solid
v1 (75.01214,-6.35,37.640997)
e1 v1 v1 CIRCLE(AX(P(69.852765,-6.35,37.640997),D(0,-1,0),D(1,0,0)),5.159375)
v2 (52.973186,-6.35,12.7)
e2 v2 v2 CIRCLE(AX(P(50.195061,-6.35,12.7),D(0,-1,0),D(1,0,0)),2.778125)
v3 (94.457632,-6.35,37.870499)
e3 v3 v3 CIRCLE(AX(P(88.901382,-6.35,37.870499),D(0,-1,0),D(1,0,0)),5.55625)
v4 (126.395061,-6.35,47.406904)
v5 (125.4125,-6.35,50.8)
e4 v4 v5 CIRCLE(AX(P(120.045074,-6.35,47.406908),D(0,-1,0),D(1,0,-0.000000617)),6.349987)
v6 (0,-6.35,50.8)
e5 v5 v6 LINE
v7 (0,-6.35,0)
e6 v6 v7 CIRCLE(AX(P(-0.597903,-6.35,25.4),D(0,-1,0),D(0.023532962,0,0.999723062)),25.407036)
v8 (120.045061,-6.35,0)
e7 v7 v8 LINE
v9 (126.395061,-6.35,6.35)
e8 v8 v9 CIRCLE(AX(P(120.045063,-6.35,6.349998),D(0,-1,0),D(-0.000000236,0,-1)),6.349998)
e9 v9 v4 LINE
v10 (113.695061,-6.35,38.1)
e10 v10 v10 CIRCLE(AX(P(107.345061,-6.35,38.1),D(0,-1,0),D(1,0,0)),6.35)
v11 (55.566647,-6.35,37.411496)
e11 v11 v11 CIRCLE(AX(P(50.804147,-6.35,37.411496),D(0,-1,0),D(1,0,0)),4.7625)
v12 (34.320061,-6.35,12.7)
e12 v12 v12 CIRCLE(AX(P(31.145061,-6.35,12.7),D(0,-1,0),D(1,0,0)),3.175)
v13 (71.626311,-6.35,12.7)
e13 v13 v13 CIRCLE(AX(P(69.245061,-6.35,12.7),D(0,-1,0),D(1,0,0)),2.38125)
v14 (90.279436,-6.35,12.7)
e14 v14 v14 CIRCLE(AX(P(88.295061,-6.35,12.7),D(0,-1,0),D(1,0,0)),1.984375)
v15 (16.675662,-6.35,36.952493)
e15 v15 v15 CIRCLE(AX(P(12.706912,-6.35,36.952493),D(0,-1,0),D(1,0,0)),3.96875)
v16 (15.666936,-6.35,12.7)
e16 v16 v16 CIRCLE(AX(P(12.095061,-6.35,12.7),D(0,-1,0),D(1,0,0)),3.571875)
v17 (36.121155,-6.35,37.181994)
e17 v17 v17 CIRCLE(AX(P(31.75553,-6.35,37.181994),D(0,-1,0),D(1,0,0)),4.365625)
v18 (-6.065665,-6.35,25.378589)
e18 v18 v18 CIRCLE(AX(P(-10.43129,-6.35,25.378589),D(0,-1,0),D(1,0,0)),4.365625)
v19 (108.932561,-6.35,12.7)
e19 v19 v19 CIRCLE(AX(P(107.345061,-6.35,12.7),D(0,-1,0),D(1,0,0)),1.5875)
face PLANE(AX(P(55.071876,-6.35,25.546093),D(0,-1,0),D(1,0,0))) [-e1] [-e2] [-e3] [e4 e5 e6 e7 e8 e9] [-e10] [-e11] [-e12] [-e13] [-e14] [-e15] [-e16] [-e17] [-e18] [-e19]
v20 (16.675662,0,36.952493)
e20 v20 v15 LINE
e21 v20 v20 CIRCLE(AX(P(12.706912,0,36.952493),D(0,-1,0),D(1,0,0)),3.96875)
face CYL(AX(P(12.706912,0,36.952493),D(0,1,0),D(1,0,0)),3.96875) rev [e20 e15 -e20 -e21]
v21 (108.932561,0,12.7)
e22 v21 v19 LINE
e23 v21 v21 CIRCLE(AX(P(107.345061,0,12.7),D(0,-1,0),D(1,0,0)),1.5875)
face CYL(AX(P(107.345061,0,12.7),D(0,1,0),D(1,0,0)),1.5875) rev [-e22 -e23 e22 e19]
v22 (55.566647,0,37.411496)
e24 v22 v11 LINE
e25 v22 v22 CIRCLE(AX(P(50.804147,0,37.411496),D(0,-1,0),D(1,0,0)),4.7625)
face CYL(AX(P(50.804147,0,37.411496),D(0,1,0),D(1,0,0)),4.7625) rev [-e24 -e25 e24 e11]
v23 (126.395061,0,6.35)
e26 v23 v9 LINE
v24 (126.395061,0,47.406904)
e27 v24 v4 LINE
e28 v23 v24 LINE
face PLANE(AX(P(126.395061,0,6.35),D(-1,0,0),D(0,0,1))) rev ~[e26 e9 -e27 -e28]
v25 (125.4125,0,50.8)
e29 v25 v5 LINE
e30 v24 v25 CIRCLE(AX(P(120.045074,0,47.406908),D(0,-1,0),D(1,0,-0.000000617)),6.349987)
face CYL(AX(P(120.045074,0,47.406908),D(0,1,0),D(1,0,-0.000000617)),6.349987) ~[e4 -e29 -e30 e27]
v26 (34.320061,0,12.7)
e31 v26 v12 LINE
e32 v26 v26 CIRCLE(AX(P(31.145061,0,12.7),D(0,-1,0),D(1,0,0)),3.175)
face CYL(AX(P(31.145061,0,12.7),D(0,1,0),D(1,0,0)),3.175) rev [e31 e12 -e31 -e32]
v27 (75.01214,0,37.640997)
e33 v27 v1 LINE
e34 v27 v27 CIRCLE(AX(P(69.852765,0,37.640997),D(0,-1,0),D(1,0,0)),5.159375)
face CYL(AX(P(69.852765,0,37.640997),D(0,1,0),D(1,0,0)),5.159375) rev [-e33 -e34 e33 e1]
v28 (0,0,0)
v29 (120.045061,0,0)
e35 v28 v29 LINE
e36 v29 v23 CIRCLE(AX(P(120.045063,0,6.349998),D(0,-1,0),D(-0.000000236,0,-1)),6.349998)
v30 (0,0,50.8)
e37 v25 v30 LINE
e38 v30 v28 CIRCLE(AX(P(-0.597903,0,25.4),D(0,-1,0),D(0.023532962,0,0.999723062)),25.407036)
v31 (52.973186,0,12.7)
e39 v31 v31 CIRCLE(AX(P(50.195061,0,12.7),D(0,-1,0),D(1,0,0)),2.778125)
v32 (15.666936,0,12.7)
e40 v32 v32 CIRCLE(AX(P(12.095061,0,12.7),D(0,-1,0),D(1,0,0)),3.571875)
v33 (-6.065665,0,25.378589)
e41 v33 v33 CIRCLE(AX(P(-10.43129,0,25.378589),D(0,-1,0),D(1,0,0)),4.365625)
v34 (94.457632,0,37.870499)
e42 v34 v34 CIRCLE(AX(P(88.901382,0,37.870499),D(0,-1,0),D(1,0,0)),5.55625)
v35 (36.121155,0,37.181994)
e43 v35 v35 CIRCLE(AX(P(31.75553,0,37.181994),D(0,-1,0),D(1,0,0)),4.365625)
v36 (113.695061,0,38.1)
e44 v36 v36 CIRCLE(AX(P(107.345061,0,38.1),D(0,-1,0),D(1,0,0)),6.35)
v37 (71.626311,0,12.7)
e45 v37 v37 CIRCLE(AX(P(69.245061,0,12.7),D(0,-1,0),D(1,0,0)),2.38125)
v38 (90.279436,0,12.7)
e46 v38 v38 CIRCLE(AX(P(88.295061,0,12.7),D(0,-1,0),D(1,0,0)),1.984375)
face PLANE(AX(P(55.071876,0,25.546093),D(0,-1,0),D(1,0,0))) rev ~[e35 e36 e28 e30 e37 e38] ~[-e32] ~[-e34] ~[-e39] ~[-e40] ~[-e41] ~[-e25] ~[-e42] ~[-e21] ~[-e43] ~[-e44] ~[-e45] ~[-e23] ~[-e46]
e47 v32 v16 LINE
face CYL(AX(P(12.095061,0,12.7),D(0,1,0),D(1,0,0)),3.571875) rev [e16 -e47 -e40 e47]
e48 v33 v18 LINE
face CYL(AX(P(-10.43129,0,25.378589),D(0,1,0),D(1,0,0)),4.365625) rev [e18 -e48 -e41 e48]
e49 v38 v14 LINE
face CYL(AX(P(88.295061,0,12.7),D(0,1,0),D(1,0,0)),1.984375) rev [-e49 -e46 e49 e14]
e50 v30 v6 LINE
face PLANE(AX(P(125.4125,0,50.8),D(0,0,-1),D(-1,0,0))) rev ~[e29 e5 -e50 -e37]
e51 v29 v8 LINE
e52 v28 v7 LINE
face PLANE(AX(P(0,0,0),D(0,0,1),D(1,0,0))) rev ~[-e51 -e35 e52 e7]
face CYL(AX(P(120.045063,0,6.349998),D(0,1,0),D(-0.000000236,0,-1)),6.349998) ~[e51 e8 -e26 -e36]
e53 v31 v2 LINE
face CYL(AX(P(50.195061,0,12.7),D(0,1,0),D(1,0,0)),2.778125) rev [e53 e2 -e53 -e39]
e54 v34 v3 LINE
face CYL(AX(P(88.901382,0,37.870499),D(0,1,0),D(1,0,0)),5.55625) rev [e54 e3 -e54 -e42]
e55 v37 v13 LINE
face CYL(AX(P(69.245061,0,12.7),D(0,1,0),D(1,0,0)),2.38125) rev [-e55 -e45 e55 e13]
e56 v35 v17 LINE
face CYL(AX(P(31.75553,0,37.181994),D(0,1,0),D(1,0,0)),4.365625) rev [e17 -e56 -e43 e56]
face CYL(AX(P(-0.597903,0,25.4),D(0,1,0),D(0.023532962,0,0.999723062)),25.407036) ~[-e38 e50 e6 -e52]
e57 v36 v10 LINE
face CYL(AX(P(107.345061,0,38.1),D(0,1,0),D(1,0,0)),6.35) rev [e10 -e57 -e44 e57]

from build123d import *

# Parameters (mm, degrees)
F0_R     = 4.365625
F0_R_2   = 3.571875
F0_R_3   = 3.175
F0_R_4   = 2.778125
F0_R_5   = 2.38125
F0_R_6   = 1.984375
F0_R_7   = 1.5875
F0_R_8   = 3.96875
F0_R_9   = 4.7625
F0_R_10  = 5.159375
F0_R_11  = 5.55625
F0_R_12  = 6.35
F1_DEPTH = 6.35


with BuildPart() as f1:
    # F0 (on Front) → F1 (new body)
    with BuildSketch(Plane.XZ):
        with BuildLine():
            ThreePointArc((0, 50.8), (-26.004939, 25.4), (0, 0))
            Line((0, 0), (120.045061, 0))
            ThreePointArc((120.045061, 0), (124.53519, 1.859872), (126.395061, 6.35))
            Line((126.395061, 6.35), (126.395061, 47.406904))
            ThreePointArc((126.395061, 47.406904), (126.144477, 49.173152), (125.4125, 50.8))
            Line((125.4125, 50.8), (0, 50.8))
        make_face()
        with Locations((-10.43129, 25.378589)):
            Circle(F0_R, mode=Mode.SUBTRACT)
        with Locations((12.095061, 12.7)):
            Circle(F0_R_2, mode=Mode.SUBTRACT)
        with Locations((31.145061, 12.7)):
            Circle(F0_R_3, mode=Mode.SUBTRACT)
        with Locations((50.195061, 12.7)):
            Circle(F0_R_4, mode=Mode.SUBTRACT)
        with Locations((69.245061, 12.7)):
            Circle(F0_R_5, mode=Mode.SUBTRACT)
        with Locations((88.295061, 12.7)):
            Circle(F0_R_6, mode=Mode.SUBTRACT)
        with Locations((107.345061, 12.7)):
            Circle(F0_R_7, mode=Mode.SUBTRACT)
        with Locations((12.706912, 36.952493)):
            Circle(F0_R_8, mode=Mode.SUBTRACT)
        with Locations((31.75553, 37.181994)):
            Circle(F0_R, mode=Mode.SUBTRACT)
        with Locations((50.804147, 37.411496)):
            Circle(F0_R_9, mode=Mode.SUBTRACT)
        with Locations((69.852765, 37.640997)):
            Circle(F0_R_10, mode=Mode.SUBTRACT)
        with Locations((88.901382, 37.870499)):
            Circle(F0_R_11, mode=Mode.SUBTRACT)
        with Locations((107.345061, 38.1)):
            Circle(F0_R_12, mode=Mode.SUBTRACT)
    extrude(amount=F1_DEPTH)


solid = f1.part
